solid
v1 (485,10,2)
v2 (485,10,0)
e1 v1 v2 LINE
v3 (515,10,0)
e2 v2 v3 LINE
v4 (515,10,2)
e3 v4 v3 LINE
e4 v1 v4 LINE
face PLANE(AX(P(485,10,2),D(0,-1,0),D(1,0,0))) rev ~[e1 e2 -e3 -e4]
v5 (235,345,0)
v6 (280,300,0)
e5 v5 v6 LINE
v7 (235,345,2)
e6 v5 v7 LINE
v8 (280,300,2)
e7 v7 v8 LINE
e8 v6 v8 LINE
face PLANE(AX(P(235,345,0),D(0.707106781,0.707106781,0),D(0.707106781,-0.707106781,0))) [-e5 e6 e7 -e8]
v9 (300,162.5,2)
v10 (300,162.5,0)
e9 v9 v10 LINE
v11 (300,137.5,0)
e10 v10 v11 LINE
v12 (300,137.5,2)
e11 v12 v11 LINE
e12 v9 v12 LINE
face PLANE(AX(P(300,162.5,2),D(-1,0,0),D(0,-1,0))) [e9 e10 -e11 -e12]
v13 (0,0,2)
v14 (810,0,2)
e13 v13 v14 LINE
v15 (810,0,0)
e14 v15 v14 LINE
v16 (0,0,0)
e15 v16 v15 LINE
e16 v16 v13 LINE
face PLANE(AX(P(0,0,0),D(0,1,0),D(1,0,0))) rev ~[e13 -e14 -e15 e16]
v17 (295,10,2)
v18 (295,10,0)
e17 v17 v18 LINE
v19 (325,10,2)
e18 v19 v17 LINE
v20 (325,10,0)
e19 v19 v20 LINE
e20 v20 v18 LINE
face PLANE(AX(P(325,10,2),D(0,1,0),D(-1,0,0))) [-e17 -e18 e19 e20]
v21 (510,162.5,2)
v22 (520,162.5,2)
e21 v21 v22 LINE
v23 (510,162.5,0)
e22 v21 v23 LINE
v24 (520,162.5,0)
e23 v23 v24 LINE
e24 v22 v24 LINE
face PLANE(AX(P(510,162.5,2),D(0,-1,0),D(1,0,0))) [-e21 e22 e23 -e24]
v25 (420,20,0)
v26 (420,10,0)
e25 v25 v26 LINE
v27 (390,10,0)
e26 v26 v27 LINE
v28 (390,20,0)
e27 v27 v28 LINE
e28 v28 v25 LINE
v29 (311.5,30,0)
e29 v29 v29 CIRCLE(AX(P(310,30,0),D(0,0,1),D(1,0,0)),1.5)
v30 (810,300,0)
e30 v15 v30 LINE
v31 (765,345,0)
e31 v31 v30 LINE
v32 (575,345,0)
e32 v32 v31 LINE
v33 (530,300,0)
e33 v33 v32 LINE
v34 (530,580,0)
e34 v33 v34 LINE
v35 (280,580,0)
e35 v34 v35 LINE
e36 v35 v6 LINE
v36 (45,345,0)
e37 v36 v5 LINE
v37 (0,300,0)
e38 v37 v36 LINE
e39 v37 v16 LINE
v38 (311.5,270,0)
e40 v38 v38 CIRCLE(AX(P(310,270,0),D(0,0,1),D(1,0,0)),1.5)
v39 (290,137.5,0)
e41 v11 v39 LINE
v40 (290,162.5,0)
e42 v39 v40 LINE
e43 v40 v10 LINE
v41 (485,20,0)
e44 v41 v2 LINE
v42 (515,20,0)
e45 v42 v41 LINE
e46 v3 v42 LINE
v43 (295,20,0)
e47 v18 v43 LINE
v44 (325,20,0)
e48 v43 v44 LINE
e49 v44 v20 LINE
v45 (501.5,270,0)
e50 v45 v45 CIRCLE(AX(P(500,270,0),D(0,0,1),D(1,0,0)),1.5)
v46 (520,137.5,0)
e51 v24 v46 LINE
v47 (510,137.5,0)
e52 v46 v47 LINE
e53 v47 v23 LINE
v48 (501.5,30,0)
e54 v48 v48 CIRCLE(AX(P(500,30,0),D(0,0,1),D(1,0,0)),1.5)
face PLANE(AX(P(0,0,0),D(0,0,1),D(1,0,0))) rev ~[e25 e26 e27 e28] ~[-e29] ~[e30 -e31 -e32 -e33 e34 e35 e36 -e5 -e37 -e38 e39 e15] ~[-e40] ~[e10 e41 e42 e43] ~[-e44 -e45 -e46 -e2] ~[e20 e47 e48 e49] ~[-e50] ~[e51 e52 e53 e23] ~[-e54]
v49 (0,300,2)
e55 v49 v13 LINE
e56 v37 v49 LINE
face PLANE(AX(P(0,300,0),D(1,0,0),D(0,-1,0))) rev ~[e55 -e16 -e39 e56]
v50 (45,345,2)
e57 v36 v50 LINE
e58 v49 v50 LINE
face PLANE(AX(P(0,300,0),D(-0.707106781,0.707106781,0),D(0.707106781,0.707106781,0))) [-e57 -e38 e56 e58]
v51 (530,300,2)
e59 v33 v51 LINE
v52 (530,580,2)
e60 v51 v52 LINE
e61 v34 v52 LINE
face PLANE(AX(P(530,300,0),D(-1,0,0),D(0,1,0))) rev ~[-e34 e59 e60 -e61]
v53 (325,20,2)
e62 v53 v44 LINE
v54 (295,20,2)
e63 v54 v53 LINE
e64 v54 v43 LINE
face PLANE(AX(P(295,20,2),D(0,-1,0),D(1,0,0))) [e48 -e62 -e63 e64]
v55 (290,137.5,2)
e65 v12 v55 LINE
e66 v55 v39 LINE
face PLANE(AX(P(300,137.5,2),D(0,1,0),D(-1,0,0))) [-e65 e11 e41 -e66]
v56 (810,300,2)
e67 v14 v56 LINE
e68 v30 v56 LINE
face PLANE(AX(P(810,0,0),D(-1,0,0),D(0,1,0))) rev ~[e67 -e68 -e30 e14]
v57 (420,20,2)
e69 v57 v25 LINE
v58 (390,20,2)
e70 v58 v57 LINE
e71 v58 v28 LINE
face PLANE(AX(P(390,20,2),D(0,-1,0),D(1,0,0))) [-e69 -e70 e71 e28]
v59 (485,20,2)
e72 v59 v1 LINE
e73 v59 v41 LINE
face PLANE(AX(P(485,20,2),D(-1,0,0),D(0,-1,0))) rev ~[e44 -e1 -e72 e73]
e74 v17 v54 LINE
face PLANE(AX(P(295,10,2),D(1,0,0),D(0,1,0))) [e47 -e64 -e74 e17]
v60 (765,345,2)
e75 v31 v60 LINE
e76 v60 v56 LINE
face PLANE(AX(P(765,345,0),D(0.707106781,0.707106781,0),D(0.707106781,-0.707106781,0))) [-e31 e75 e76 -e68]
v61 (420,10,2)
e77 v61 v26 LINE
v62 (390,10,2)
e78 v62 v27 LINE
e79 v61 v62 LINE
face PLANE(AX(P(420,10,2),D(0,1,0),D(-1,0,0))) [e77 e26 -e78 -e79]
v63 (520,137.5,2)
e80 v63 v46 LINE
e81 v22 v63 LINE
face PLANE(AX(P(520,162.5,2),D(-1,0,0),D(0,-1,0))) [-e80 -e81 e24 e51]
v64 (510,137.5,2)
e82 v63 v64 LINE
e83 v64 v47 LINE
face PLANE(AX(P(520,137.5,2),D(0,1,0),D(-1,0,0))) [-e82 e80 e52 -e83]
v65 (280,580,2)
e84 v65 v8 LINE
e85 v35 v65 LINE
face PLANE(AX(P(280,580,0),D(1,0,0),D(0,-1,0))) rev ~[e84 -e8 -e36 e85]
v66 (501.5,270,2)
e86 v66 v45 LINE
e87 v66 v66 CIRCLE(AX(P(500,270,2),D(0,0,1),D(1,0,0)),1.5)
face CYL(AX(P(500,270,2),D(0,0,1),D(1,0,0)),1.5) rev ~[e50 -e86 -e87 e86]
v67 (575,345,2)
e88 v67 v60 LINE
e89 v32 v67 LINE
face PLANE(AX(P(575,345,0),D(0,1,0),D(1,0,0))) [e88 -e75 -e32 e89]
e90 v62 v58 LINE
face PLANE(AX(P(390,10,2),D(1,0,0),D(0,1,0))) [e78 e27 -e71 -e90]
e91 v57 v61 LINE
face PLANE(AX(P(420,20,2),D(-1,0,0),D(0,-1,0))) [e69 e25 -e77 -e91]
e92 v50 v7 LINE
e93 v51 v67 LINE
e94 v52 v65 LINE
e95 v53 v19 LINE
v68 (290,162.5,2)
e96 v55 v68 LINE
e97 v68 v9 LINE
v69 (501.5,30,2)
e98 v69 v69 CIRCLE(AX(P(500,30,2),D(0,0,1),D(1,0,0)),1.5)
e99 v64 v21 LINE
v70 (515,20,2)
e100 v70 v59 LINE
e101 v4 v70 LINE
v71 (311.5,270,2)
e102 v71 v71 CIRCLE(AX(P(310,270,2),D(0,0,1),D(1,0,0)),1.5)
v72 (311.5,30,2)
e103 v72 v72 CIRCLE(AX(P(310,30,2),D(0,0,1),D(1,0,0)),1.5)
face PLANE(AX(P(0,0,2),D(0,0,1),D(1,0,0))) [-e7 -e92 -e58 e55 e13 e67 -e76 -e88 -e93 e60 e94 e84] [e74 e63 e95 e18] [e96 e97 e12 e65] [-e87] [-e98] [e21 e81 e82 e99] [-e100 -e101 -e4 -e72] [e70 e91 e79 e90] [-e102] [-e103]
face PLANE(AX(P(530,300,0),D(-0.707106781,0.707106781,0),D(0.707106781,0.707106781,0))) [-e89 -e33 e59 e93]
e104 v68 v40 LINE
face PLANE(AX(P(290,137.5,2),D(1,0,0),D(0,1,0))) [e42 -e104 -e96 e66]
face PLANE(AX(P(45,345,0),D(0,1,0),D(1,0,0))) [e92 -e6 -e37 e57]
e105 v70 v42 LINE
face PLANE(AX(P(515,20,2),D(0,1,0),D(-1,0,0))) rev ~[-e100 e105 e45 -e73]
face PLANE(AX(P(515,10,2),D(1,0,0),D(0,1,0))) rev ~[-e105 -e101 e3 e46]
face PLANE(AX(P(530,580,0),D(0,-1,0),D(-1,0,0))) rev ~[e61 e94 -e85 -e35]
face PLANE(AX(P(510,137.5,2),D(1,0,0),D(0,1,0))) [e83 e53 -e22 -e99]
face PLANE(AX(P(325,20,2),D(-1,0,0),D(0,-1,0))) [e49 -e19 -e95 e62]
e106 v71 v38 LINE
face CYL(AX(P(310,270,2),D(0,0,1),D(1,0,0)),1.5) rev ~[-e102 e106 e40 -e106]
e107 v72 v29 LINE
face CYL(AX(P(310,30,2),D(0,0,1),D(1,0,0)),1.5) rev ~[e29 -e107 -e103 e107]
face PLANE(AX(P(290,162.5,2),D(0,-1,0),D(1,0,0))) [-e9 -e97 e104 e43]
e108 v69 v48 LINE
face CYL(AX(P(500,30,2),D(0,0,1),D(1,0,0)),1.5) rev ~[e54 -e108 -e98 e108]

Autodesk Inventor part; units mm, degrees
ref_plane "YZ Plane" through (0, 0, 0) normal (1, 0, 0) x (0, 1, 0)
ref_plane "XZ Plane" through (0, 0, 0) normal (0, 1, 0) x (-1, 0, 0)
ref_plane "XY Plane" through (0, 0, 0) normal (0, 0, 1) x (1, 0, 0)
sketch "Эскиз1" plane through (0, 0, 0) normal (0, 0, 1) x (1, 0, 0)
  line L0 (0, 0) -> (810, 0)
  line L1 (810, 0) -> (810, 300)
  line L2 (810, 300) -> (0, 300)
  line L3 (0, 300) -> (0, 0)
  line L4 (280, 300) -> (530, 300) construction
  line L5 (530, 300) -> (530, 0) construction
  line L6 (530, 0) -> (280, 0) construction
  line L7 (280, 0) -> (280, 300) construction
  line L8 (280, 300) -> (530, 300)
  line L9 (530, 300) -> (530, 580)
  line L10 (530, 580) -> (280, 580)
  line L11 (280, 580) -> (280, 300)
  line L12 (0, 300) -> (45, 345)
  line L13 (45, 345) -> (235, 345)
  line L14 (235, 345) -> (280, 300)
  line L15 (530, 300) -> (575, 345)
  line L16 (575, 345) -> (765, 345)
  line L17 (765, 345) -> (810, 300)
  dimension "d0" = 300
  dimension "d1" = 810
  dimension "d2" = 250
  dimension "d3" = 280
  dimension "d4" = 280
  dimension "d5" = 280
  dimension "d6" = 45
extrude "Выдавливание1" add sketch "Эскиз1" along normal blind 2
sketch "Эскиз2" plane through (0, 0, 2) normal (0, 0, 1) x (1, 0, 0)
  line L0 (45, 345) -> (0, 300) projected
  line L1 (0, 300) -> (0, 0) projected
  line L2 (0, 0) -> (810, 0) projected
  line L3 (810, 0) -> (810, 300) projected
  line L4 (810, 300) -> (765, 345) projected
  line L5 (765, 345) -> (575, 345) projected
  line L6 (575, 345) -> (530, 300) projected
  line L7 (530, 300) -> (530, 580) projected
  line L8 (530, 580) -> (280, 580) projected
  line L9 (280, 580) -> (280, 300) projected
  line L10 (280, 300) -> (235, 345) projected
  line L11 (235, 345) -> (45, 345) projected
  line L12 (280, 300) -> (530, 300) construction
  line L13 (530, 300) -> (530, 0) construction
  line L14 (530, 0) -> (280, 0) construction
  line L15 (280, 0) -> (280, 300) construction
  line L16 (530, 300) -> (530, 580) construction
  circle A0 centre (310, 270) radius 1.5
  circle A1 centre (500, 270) radius 1.5
  circle A2 centre (310, 30) radius 1.5
  circle A3 centre (500, 30) radius 1.5
  line L17 (500, 270) -> (310, 270) construction
  line L18 (310, 270) -> (310, 30) construction
  line L19 (310, 30) -> (500, 30) construction
  line L20 (500, 30) -> (500, 270) construction
  line L21 (290, 162.5) -> (300, 162.5)
  line L22 (300, 162.5) -> (300, 137.5)
  line L23 (300, 137.5) -> (290, 137.5)
  line L24 (290, 137.5) -> (290, 162.5)
  line L25 (510, 162.5) -> (520, 162.5)
  line L26 (520, 162.5) -> (520, 137.5)
  line L27 (520, 137.5) -> (510, 137.5)
  line L28 (510, 137.5) -> (510, 162.5)
  line L29 (280, 150) -> (530, 150) construction
  line L30 (390, 20) -> (420, 20)
  line L31 (420, 20) -> (420, 10)
  line L32 (420, 10) -> (390, 10)
  line L33 (390, 10) -> (390, 20)
  line L34 (405, 300) -> (405, 0) construction
  line L35 (0, 0) -> (810, 0) construction
  line L36 (325, 10) -> (295, 10)
  line L37 (295, 10) -> (295, 20)
  line L38 (295, 20) -> (325, 20)
  line L39 (325, 20) -> (325, 10)
  line L40 (485, 10) -> (515, 10)
  line L41 (515, 10) -> (515, 20)
  line L42 (515, 20) -> (485, 20)
  line L43 (485, 20) -> (485, 10)
  point P0 (290, 150)
  point P1 (510, 150)
  point P2 (405, 20)
  dimension "d9" = 3
  dimension "d10" = 30
  dimension "d11" = 30
  dimension "d12" = 30
  dimension "d13" = 30
  dimension "d16" = 10
  dimension "d17" = 25
  dimension "d18" = 10
  dimension "d19" = 10
  dimension "d20" = 10
  dimension "d21" = 30
  dimension "d22" = 10
  dimension "d23" = 30
  dimension "d24" = 15
extrude "Выдавливание2" cut sketch "Эскиз2" against normal through all contours A0 | A1 | A2 | A3 | L21 L22 L23 L24 | L25 L26 L27 L28 | L30 L31 L32 L33 | L36 L37 L38 L39 | L43 L42 L41 L40
properties part number "head_without_face"
